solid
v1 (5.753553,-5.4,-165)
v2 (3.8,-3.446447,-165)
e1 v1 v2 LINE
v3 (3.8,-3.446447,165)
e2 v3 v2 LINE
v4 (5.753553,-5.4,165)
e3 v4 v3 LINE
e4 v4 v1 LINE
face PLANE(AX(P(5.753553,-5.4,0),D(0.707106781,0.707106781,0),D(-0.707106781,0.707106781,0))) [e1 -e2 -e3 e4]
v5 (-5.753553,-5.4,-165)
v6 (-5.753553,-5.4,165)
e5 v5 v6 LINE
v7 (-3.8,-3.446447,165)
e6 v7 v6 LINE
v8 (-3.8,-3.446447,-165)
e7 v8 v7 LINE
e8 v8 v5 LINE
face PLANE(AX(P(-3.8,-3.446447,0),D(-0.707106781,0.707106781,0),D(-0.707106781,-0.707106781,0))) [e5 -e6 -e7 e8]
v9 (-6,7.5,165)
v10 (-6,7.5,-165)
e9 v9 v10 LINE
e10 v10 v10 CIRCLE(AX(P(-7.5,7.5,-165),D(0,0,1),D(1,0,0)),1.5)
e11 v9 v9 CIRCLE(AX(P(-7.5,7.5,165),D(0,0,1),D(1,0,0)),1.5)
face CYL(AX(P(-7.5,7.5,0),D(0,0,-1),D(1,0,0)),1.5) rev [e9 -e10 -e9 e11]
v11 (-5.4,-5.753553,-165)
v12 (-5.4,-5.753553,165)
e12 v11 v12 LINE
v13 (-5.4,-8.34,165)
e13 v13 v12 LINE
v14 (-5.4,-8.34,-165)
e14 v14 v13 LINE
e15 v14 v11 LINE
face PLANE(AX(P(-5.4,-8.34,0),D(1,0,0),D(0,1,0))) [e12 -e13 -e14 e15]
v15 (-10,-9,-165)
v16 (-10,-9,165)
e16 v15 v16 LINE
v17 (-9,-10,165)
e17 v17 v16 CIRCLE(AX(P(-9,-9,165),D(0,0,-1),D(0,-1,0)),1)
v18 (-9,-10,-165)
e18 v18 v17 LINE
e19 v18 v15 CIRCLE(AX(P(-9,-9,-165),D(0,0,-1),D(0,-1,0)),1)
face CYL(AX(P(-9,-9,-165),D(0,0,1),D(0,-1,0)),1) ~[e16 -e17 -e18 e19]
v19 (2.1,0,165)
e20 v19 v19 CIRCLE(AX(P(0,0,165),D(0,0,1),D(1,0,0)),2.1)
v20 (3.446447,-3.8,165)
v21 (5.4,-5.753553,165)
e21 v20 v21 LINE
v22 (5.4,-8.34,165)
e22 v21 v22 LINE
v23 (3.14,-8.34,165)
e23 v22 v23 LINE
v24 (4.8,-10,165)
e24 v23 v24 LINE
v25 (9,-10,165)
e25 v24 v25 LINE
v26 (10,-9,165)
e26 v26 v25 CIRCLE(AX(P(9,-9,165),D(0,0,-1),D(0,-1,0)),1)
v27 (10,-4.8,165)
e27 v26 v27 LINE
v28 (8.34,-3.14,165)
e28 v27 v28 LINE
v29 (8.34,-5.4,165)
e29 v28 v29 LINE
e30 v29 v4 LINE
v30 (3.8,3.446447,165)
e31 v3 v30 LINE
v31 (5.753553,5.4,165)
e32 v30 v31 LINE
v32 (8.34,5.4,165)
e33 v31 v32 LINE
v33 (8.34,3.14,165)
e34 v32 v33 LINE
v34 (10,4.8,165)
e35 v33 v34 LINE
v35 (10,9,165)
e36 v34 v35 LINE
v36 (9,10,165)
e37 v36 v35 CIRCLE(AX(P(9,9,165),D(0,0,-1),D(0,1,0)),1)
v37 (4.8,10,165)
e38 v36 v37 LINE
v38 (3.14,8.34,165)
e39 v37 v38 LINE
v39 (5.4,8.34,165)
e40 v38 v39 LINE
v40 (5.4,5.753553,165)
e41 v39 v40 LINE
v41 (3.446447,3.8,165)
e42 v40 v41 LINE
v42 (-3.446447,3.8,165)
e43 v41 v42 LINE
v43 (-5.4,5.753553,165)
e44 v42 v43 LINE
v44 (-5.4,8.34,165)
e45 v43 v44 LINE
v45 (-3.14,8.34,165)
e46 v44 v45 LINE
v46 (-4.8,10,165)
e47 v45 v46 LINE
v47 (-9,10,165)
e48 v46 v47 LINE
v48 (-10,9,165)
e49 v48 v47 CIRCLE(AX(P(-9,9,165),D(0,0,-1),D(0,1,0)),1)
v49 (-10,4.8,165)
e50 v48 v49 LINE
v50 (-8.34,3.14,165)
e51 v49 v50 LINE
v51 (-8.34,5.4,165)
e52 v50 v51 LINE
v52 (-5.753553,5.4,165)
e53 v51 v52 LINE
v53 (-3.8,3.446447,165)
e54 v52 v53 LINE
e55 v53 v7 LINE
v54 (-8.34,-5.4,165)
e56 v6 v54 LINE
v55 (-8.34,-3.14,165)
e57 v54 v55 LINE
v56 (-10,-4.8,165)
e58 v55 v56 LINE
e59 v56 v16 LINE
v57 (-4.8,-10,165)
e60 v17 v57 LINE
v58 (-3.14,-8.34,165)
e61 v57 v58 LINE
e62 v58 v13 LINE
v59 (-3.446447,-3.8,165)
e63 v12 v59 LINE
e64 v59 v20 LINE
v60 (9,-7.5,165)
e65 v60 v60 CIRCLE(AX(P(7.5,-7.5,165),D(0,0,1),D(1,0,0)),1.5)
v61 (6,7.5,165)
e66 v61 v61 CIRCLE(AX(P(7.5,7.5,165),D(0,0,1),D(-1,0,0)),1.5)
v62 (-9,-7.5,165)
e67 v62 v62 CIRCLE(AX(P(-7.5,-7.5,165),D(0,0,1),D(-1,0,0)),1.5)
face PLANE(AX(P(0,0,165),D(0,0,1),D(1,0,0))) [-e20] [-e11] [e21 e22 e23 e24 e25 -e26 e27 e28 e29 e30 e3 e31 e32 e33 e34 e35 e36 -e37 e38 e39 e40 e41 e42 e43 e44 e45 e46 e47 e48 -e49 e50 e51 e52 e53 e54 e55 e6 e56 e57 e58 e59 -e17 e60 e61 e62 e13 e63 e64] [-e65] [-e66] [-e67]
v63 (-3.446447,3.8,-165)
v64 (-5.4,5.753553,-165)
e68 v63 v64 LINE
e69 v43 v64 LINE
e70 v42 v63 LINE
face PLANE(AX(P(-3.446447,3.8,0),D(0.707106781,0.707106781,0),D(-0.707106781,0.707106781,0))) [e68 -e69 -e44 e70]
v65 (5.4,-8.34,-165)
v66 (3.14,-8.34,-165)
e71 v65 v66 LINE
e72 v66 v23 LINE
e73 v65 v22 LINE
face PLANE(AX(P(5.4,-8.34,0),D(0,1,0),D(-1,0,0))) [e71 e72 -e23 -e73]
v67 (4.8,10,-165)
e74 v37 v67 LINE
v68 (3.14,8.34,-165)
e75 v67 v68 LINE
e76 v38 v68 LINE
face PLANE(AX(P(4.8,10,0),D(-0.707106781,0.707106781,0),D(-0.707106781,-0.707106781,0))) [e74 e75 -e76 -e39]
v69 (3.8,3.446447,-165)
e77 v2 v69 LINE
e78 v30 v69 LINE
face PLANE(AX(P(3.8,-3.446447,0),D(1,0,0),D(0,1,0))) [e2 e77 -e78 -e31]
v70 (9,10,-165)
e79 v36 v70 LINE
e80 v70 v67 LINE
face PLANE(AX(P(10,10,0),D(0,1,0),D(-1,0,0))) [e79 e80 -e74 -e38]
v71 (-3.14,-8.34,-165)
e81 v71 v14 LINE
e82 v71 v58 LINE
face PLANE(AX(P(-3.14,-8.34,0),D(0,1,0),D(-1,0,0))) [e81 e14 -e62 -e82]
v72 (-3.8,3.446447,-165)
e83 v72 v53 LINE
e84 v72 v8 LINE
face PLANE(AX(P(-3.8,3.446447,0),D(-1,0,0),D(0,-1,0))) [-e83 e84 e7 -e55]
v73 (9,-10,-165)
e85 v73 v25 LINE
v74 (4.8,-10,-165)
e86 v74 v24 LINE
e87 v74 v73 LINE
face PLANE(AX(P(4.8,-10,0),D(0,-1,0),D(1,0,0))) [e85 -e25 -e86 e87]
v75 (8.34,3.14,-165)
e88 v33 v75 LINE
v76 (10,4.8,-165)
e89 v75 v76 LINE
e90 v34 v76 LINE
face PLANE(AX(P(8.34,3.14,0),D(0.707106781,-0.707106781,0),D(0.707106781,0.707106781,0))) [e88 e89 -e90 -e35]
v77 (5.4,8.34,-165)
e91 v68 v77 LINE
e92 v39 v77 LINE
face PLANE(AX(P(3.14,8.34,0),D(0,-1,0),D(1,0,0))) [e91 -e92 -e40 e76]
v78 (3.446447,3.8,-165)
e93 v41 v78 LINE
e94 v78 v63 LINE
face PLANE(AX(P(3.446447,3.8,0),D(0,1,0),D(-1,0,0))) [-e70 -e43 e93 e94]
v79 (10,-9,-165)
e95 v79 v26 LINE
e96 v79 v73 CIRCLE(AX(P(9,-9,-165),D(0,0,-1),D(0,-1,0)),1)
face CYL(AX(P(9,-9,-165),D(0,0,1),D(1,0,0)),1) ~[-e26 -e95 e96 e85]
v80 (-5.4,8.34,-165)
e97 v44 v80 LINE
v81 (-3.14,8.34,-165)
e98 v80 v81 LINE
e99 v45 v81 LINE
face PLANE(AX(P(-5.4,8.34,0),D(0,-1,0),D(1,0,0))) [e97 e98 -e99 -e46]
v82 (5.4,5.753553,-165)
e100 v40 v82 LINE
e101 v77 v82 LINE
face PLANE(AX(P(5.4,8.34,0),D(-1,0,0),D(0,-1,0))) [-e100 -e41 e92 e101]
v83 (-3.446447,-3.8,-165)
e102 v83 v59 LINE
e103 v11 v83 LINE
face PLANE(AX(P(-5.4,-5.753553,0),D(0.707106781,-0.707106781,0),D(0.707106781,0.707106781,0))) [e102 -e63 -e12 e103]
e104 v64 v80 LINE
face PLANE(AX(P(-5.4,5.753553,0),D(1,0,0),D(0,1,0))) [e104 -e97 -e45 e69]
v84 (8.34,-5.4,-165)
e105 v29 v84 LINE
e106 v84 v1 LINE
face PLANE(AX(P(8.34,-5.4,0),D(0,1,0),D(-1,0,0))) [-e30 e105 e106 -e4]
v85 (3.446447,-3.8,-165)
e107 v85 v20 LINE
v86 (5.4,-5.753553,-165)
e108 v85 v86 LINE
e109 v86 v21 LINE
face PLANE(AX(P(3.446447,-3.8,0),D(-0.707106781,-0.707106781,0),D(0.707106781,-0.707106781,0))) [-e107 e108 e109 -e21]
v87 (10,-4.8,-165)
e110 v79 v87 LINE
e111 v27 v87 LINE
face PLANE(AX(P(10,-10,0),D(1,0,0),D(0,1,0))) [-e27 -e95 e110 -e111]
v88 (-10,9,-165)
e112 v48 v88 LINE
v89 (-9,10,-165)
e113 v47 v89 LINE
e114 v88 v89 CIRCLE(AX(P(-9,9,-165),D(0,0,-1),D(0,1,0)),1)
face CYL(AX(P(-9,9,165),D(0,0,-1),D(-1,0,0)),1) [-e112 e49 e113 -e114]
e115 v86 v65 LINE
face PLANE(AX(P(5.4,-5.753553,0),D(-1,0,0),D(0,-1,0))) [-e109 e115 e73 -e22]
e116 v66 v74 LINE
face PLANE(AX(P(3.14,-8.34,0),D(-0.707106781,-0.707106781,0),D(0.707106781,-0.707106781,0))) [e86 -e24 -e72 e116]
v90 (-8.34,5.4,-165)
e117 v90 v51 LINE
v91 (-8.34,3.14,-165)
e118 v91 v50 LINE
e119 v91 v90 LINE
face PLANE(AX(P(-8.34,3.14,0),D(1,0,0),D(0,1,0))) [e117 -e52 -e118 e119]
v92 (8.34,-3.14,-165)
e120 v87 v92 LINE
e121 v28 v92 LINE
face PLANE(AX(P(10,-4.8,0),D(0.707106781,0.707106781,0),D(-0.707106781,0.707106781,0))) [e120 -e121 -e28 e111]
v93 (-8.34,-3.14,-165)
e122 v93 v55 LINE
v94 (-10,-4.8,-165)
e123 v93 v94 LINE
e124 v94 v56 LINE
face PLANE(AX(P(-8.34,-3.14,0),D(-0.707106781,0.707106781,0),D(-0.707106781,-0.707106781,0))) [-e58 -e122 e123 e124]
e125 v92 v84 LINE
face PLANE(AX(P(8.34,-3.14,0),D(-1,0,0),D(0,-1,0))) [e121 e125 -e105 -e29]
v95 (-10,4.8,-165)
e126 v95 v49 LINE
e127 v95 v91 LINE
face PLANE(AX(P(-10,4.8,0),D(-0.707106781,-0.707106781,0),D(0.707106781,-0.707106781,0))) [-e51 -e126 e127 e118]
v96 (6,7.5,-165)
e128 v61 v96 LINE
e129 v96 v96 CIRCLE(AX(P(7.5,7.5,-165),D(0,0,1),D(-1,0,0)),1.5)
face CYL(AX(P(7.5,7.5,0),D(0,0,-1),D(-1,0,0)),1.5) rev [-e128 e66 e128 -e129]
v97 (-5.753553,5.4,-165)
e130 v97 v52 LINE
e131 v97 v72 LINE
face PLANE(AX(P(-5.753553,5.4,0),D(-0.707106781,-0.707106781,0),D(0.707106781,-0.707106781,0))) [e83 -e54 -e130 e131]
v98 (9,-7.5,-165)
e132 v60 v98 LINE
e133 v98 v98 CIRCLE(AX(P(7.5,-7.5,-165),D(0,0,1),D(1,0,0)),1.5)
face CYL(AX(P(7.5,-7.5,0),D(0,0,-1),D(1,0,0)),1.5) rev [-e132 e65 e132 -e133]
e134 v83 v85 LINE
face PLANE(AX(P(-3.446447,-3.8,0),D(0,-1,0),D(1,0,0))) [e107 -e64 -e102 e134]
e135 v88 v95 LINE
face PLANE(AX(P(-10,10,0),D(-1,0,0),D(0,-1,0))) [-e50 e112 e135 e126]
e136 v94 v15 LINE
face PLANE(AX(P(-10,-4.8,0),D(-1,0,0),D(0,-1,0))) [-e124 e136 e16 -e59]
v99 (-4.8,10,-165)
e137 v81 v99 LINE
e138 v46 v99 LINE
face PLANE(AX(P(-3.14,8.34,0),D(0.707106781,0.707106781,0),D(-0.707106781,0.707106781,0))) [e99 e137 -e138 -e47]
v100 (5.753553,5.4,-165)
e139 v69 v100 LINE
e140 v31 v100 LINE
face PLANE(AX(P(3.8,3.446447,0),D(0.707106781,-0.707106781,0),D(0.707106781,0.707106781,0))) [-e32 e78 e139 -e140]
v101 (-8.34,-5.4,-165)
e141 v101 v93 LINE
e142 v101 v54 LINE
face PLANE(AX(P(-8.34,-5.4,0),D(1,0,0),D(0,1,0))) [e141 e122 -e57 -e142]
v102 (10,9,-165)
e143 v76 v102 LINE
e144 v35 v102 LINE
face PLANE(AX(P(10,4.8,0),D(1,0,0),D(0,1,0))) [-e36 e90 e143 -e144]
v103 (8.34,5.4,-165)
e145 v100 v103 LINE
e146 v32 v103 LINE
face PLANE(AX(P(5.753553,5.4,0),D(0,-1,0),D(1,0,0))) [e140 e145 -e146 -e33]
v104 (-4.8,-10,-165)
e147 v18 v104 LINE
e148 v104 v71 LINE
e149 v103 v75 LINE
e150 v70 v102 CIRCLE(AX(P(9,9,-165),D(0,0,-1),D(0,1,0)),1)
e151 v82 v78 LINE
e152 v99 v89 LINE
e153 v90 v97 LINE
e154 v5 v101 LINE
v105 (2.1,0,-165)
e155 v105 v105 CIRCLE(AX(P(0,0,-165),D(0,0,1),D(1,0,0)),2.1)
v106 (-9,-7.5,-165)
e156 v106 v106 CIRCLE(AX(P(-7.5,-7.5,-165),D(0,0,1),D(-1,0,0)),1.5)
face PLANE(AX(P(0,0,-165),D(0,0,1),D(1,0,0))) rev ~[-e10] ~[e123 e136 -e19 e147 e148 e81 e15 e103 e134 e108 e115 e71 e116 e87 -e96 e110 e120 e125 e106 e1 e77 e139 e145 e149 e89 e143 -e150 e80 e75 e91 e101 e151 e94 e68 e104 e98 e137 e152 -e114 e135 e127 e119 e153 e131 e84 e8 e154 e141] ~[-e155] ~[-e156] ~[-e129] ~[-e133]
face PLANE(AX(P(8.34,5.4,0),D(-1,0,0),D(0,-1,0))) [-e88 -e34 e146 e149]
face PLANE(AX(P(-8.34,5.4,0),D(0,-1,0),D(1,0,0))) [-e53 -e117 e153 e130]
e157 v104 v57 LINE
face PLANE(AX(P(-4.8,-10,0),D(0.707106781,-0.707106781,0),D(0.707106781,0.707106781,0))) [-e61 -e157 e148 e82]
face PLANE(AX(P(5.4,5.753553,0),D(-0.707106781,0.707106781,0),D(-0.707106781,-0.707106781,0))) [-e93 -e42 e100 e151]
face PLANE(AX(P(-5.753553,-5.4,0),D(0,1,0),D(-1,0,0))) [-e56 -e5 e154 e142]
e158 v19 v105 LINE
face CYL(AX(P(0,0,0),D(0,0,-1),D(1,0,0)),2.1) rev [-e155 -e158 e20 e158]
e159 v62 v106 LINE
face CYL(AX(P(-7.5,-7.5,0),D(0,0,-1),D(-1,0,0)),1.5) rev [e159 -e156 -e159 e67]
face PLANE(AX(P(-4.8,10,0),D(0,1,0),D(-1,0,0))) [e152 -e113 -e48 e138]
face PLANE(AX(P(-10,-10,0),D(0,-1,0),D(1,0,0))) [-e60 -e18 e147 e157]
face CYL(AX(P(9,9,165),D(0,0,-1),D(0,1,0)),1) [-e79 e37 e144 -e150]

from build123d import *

# Parameters (mm, degrees)
SKETCH_1_R      = 1.5
SKETCH_1_R_2    = 2.1
EXTRUDE_1_DEPTH = 165
FILLET_1_R      = 1


with BuildPart() as part:
    # 草图1 → 凸台-拉伸1 (new, symmetric)
    with BuildSketch(Plane.XY):
        Polygon((-10, 10), (-10, 4.8), (-8.34, 3.14), (-8.34, 5.4), (-5.753553391, 5.4), (-3.8, 3.446446609), (-3.8, -3.446446609), (-5.753553391, -5.4), (-8.34, -5.4), (-8.34, -3.14), (-10, -4.8), (-10, -10), (-4.8, -10), (-3.14, -8.34), (-5.4, -8.34), (-5.4, -5.753553391), (-3.446446609, -3.8), (3.446446609, -3.8), (5.4, -5.753553391), (5.4, -8.34), (3.14, -8.34), (4.8, -10), (10, -10), (10, -4.8), (8.34, -3.14), (8.34, -5.4), (5.753553391, -5.4), (3.8, -3.446446609), (3.8, 3.446446609), (5.753553391, 5.4), (8.34, 5.4), (8.34, 3.14), (10, 4.8), (10, 10), (4.8, 10), (3.14, 8.34), (5.4, 8.34), (5.4, 5.753553391), (3.446446609, 3.8), (-3.446446609, 3.8), (-5.4, 5.753553391), (-5.4, 8.34), (-3.14, 8.34), (-4.8, 10), align=None)
        with Locations((-7.5, 7.5)):
            Circle(SKETCH_1_R, mode=Mode.SUBTRACT)
        Circle(SKETCH_1_R_2, mode=Mode.SUBTRACT)
        with Locations(Location((-7.5, -7.5, 0), (0, 0, 180))):
            Circle(SKETCH_1_R, mode=Mode.SUBTRACT)
        with Locations((7.5, -7.5)):
            Circle(SKETCH_1_R, mode=Mode.SUBTRACT)
        with Locations(Location((7.5, 7.5, 0), (0, 0, 180))):
            Circle(SKETCH_1_R, mode=Mode.SUBTRACT)
    extrude(amount=EXTRUDE_1_DEPTH, both=True)

    # 圆角1
    fillet_1_edges = [part.edges().sort_by_distance(p)[0] for p in [
        (10, 10, 0),
        (10, -10, 0),
        (-10, -10, 0),
        (-10, 10, 0),
    ]]
    fillet(fillet_1_edges, radius=FILLET_1_R)


solid = part.part
